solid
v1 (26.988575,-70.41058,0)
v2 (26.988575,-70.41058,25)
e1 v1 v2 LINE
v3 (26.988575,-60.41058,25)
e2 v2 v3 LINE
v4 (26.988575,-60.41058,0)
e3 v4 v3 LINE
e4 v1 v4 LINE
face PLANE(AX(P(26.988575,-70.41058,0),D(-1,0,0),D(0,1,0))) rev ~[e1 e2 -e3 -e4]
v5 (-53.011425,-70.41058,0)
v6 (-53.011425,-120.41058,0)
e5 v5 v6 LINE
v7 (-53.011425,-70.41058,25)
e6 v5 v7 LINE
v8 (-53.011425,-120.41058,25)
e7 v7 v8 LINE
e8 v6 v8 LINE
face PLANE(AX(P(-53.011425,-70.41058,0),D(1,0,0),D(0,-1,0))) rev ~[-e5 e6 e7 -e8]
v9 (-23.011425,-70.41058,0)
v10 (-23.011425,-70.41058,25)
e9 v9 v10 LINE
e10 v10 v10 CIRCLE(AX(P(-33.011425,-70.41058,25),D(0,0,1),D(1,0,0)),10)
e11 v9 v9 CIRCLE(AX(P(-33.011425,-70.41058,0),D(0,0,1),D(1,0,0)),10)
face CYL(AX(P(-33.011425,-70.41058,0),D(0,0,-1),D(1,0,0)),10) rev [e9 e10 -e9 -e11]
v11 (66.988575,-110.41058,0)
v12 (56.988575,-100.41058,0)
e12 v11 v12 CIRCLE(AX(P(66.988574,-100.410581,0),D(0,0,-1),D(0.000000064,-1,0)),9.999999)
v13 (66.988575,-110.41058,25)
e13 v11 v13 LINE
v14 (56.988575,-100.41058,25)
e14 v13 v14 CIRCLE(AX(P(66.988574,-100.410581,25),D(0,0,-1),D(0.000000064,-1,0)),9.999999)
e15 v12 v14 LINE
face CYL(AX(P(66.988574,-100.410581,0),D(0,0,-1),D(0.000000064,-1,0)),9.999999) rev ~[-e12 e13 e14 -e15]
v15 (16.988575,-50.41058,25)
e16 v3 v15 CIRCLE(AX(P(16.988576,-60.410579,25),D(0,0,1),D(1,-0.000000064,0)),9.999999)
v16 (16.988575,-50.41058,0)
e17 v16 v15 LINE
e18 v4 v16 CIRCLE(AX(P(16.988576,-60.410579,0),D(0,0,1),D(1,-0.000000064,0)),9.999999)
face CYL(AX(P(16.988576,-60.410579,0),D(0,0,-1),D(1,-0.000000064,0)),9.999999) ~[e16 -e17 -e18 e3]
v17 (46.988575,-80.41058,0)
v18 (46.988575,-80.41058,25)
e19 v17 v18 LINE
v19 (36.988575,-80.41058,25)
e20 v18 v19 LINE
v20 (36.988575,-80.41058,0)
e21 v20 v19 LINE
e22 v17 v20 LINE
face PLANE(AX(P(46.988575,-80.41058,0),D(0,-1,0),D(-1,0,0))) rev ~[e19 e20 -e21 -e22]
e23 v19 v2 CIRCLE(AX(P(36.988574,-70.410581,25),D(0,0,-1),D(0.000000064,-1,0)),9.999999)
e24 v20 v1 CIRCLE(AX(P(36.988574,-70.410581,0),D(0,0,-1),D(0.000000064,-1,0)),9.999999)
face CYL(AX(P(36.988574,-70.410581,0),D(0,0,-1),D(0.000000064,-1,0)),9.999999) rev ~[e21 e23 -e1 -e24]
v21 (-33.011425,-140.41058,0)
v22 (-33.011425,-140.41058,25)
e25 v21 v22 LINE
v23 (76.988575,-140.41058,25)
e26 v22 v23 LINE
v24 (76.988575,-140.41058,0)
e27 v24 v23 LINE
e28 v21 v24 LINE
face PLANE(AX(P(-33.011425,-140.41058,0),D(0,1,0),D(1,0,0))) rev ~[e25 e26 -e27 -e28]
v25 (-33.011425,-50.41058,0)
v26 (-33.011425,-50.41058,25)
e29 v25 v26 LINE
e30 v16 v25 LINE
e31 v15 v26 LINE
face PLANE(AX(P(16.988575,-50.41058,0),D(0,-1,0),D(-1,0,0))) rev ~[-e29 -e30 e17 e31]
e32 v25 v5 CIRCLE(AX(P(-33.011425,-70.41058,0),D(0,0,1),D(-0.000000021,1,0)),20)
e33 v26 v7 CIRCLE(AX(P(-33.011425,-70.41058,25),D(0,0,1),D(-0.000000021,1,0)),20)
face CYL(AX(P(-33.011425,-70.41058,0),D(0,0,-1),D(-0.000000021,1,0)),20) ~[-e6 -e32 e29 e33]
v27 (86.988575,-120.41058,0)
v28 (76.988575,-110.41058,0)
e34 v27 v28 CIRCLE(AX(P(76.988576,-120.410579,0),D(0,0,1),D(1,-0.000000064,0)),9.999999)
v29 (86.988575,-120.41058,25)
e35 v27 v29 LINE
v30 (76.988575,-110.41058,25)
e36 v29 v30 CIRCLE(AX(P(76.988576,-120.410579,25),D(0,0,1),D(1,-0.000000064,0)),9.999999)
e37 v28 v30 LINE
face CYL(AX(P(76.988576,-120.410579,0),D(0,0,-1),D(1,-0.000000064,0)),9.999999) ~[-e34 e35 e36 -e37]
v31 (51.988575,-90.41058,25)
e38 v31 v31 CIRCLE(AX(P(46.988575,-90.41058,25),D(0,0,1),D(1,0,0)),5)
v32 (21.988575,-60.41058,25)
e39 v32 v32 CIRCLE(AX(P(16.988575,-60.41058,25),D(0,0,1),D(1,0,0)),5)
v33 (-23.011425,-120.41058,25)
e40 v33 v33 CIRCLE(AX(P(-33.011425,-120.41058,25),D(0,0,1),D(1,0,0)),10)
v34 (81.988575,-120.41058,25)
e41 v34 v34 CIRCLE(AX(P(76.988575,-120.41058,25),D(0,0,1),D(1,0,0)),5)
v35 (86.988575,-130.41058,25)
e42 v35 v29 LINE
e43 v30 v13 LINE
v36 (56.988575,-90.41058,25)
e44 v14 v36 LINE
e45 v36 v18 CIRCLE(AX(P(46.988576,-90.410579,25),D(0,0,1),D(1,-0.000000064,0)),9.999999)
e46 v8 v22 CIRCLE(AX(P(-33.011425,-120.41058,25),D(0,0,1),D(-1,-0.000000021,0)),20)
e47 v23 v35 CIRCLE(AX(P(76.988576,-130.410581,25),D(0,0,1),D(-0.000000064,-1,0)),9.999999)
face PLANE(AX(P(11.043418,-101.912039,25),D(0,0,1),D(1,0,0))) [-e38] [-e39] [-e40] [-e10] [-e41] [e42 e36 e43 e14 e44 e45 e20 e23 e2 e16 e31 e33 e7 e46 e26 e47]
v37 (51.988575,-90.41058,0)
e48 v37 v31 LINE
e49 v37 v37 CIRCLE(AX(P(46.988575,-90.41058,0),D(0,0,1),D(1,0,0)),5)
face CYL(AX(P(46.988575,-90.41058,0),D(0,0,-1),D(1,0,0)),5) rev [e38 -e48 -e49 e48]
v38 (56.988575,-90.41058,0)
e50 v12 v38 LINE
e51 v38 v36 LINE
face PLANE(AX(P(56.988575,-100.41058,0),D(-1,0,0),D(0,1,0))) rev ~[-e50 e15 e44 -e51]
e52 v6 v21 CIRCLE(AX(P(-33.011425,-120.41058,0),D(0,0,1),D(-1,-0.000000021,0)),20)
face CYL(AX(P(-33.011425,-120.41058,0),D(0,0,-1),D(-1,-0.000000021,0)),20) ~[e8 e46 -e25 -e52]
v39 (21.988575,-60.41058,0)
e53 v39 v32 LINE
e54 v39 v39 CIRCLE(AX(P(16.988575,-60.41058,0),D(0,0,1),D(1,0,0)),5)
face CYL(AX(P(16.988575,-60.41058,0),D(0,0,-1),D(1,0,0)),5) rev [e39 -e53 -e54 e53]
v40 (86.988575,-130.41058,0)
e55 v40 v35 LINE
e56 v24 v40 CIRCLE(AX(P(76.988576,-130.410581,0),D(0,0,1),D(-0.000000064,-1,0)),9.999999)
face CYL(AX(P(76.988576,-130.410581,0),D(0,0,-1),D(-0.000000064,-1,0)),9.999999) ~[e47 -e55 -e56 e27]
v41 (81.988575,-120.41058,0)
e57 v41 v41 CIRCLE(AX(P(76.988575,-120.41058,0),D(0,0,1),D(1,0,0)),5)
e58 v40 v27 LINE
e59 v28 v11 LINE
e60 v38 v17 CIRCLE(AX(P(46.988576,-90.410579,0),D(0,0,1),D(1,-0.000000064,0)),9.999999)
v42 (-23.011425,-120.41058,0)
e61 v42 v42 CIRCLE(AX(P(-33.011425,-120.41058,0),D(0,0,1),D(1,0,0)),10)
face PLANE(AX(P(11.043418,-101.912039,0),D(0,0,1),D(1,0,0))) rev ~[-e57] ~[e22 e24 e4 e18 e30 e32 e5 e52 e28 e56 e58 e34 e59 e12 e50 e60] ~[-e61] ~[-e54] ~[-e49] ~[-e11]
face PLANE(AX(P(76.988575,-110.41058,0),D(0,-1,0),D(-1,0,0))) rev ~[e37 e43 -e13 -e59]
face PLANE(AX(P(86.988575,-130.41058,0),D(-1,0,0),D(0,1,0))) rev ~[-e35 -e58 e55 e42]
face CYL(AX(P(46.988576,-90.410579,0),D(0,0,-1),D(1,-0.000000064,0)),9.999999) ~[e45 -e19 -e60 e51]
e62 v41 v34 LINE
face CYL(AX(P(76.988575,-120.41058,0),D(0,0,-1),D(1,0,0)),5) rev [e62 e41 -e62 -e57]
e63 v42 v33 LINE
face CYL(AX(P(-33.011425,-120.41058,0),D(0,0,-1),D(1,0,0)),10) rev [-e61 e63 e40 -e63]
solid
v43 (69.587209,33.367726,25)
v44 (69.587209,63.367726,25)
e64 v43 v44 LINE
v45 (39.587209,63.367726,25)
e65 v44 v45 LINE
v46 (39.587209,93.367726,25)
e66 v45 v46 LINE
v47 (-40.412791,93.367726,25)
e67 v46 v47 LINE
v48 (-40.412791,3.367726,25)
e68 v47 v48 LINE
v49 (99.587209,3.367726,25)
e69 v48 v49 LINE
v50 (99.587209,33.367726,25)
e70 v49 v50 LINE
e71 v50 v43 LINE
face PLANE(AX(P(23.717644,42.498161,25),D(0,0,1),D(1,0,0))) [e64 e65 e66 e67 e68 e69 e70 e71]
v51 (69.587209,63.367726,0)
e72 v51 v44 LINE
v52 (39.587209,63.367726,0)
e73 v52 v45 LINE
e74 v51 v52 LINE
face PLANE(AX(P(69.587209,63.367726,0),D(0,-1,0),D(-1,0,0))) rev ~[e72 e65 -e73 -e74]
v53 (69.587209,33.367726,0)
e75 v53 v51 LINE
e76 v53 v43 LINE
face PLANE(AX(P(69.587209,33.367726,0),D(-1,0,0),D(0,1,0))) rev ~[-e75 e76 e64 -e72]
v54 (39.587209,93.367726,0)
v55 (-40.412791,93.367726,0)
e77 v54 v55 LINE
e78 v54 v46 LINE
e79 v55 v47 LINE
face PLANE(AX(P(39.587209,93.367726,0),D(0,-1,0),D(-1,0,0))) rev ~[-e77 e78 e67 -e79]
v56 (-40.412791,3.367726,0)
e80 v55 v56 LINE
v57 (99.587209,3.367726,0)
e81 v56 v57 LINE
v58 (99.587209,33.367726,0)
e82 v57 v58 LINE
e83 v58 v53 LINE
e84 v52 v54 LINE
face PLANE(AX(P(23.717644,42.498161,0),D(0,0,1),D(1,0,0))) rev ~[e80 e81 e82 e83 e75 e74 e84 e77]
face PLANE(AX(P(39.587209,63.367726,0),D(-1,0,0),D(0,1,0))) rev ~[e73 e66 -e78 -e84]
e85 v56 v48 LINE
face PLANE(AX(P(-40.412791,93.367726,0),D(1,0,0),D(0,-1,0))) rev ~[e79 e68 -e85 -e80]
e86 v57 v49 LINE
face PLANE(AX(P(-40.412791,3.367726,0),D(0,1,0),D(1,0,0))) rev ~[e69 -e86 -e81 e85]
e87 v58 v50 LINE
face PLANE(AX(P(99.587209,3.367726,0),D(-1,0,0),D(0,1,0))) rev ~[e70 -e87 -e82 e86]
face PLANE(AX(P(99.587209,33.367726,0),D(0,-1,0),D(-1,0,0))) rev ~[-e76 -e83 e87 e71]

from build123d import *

# Parameters (mm, degrees)
F0_R     = 10
F0_R_2   = 5
F1_DEPTH = 25


with BuildPart() as f1:
    # F0 (on Top) → F1 (new body)
    with BuildSketch(Plane.XY):
        Polygon((-40.412791, 93.367726), (-40.412791, 3.367726), (99.587209, 3.367726), (99.587209, 33.367726), (69.587209, 33.367726), (69.587209, 63.367726), (39.587209, 63.367726), (39.587209, 93.367726), align=None)
        with BuildLine():
            ThreePointArc((-33.011425, -50.41058), (-47.15356, -56.268444), (-53.011425, -70.41058))
            Line((-53.011425, -70.41058), (-53.011425, -120.41058))
            ThreePointArc((-53.011425, -120.41058), (-47.15356, -134.552716), (-33.011425, -140.41058))
            Line((-33.011425, -140.41058), (76.988575, -140.41058))
            ThreePointArc((76.988575, -140.41058), (84.059643, -137.481648), (86.988575, -130.41058))
            Line((86.988575, -130.41058), (86.988575, -120.41058))
            ThreePointArc((86.988575, -120.41058), (84.059643, -113.339512), (76.988575, -110.41058))
            Line((76.988575, -110.41058), (66.988575, -110.41058))
            ThreePointArc((66.988575, -110.41058), (59.917507, -107.481648), (56.988575, -100.41058))
            Line((56.988575, -100.41058), (56.988575, -90.41058))
            ThreePointArc((56.988575, -90.41058), (54.059643, -83.339512), (46.988575, -80.41058))
            Line((46.988575, -80.41058), (36.988575, -80.41058))
            ThreePointArc((36.988575, -80.41058), (29.917507, -77.481648), (26.988575, -70.41058))
            Line((26.988575, -70.41058), (26.988575, -60.41058))
            ThreePointArc((26.988575, -60.41058), (24.059643, -53.339512), (16.988575, -50.41058))
            Line((16.988575, -50.41058), (-33.011425, -50.41058))
        make_face()
        with Locations((-33.011425, -120.41058)):
            Circle(F0_R, mode=Mode.SUBTRACT)
        with Locations((-33.011425, -70.41058)):
            Circle(F0_R, mode=Mode.SUBTRACT)
        with Locations((16.988575, -60.41058)):
            Circle(F0_R_2, mode=Mode.SUBTRACT)
        with Locations((46.988575, -90.41058)):
            Circle(F0_R_2, mode=Mode.SUBTRACT)
        with Locations((76.988575, -120.41058)):
            Circle(F0_R_2, mode=Mode.SUBTRACT)
    extrude(amount=F1_DEPTH)


solid = f1.part
